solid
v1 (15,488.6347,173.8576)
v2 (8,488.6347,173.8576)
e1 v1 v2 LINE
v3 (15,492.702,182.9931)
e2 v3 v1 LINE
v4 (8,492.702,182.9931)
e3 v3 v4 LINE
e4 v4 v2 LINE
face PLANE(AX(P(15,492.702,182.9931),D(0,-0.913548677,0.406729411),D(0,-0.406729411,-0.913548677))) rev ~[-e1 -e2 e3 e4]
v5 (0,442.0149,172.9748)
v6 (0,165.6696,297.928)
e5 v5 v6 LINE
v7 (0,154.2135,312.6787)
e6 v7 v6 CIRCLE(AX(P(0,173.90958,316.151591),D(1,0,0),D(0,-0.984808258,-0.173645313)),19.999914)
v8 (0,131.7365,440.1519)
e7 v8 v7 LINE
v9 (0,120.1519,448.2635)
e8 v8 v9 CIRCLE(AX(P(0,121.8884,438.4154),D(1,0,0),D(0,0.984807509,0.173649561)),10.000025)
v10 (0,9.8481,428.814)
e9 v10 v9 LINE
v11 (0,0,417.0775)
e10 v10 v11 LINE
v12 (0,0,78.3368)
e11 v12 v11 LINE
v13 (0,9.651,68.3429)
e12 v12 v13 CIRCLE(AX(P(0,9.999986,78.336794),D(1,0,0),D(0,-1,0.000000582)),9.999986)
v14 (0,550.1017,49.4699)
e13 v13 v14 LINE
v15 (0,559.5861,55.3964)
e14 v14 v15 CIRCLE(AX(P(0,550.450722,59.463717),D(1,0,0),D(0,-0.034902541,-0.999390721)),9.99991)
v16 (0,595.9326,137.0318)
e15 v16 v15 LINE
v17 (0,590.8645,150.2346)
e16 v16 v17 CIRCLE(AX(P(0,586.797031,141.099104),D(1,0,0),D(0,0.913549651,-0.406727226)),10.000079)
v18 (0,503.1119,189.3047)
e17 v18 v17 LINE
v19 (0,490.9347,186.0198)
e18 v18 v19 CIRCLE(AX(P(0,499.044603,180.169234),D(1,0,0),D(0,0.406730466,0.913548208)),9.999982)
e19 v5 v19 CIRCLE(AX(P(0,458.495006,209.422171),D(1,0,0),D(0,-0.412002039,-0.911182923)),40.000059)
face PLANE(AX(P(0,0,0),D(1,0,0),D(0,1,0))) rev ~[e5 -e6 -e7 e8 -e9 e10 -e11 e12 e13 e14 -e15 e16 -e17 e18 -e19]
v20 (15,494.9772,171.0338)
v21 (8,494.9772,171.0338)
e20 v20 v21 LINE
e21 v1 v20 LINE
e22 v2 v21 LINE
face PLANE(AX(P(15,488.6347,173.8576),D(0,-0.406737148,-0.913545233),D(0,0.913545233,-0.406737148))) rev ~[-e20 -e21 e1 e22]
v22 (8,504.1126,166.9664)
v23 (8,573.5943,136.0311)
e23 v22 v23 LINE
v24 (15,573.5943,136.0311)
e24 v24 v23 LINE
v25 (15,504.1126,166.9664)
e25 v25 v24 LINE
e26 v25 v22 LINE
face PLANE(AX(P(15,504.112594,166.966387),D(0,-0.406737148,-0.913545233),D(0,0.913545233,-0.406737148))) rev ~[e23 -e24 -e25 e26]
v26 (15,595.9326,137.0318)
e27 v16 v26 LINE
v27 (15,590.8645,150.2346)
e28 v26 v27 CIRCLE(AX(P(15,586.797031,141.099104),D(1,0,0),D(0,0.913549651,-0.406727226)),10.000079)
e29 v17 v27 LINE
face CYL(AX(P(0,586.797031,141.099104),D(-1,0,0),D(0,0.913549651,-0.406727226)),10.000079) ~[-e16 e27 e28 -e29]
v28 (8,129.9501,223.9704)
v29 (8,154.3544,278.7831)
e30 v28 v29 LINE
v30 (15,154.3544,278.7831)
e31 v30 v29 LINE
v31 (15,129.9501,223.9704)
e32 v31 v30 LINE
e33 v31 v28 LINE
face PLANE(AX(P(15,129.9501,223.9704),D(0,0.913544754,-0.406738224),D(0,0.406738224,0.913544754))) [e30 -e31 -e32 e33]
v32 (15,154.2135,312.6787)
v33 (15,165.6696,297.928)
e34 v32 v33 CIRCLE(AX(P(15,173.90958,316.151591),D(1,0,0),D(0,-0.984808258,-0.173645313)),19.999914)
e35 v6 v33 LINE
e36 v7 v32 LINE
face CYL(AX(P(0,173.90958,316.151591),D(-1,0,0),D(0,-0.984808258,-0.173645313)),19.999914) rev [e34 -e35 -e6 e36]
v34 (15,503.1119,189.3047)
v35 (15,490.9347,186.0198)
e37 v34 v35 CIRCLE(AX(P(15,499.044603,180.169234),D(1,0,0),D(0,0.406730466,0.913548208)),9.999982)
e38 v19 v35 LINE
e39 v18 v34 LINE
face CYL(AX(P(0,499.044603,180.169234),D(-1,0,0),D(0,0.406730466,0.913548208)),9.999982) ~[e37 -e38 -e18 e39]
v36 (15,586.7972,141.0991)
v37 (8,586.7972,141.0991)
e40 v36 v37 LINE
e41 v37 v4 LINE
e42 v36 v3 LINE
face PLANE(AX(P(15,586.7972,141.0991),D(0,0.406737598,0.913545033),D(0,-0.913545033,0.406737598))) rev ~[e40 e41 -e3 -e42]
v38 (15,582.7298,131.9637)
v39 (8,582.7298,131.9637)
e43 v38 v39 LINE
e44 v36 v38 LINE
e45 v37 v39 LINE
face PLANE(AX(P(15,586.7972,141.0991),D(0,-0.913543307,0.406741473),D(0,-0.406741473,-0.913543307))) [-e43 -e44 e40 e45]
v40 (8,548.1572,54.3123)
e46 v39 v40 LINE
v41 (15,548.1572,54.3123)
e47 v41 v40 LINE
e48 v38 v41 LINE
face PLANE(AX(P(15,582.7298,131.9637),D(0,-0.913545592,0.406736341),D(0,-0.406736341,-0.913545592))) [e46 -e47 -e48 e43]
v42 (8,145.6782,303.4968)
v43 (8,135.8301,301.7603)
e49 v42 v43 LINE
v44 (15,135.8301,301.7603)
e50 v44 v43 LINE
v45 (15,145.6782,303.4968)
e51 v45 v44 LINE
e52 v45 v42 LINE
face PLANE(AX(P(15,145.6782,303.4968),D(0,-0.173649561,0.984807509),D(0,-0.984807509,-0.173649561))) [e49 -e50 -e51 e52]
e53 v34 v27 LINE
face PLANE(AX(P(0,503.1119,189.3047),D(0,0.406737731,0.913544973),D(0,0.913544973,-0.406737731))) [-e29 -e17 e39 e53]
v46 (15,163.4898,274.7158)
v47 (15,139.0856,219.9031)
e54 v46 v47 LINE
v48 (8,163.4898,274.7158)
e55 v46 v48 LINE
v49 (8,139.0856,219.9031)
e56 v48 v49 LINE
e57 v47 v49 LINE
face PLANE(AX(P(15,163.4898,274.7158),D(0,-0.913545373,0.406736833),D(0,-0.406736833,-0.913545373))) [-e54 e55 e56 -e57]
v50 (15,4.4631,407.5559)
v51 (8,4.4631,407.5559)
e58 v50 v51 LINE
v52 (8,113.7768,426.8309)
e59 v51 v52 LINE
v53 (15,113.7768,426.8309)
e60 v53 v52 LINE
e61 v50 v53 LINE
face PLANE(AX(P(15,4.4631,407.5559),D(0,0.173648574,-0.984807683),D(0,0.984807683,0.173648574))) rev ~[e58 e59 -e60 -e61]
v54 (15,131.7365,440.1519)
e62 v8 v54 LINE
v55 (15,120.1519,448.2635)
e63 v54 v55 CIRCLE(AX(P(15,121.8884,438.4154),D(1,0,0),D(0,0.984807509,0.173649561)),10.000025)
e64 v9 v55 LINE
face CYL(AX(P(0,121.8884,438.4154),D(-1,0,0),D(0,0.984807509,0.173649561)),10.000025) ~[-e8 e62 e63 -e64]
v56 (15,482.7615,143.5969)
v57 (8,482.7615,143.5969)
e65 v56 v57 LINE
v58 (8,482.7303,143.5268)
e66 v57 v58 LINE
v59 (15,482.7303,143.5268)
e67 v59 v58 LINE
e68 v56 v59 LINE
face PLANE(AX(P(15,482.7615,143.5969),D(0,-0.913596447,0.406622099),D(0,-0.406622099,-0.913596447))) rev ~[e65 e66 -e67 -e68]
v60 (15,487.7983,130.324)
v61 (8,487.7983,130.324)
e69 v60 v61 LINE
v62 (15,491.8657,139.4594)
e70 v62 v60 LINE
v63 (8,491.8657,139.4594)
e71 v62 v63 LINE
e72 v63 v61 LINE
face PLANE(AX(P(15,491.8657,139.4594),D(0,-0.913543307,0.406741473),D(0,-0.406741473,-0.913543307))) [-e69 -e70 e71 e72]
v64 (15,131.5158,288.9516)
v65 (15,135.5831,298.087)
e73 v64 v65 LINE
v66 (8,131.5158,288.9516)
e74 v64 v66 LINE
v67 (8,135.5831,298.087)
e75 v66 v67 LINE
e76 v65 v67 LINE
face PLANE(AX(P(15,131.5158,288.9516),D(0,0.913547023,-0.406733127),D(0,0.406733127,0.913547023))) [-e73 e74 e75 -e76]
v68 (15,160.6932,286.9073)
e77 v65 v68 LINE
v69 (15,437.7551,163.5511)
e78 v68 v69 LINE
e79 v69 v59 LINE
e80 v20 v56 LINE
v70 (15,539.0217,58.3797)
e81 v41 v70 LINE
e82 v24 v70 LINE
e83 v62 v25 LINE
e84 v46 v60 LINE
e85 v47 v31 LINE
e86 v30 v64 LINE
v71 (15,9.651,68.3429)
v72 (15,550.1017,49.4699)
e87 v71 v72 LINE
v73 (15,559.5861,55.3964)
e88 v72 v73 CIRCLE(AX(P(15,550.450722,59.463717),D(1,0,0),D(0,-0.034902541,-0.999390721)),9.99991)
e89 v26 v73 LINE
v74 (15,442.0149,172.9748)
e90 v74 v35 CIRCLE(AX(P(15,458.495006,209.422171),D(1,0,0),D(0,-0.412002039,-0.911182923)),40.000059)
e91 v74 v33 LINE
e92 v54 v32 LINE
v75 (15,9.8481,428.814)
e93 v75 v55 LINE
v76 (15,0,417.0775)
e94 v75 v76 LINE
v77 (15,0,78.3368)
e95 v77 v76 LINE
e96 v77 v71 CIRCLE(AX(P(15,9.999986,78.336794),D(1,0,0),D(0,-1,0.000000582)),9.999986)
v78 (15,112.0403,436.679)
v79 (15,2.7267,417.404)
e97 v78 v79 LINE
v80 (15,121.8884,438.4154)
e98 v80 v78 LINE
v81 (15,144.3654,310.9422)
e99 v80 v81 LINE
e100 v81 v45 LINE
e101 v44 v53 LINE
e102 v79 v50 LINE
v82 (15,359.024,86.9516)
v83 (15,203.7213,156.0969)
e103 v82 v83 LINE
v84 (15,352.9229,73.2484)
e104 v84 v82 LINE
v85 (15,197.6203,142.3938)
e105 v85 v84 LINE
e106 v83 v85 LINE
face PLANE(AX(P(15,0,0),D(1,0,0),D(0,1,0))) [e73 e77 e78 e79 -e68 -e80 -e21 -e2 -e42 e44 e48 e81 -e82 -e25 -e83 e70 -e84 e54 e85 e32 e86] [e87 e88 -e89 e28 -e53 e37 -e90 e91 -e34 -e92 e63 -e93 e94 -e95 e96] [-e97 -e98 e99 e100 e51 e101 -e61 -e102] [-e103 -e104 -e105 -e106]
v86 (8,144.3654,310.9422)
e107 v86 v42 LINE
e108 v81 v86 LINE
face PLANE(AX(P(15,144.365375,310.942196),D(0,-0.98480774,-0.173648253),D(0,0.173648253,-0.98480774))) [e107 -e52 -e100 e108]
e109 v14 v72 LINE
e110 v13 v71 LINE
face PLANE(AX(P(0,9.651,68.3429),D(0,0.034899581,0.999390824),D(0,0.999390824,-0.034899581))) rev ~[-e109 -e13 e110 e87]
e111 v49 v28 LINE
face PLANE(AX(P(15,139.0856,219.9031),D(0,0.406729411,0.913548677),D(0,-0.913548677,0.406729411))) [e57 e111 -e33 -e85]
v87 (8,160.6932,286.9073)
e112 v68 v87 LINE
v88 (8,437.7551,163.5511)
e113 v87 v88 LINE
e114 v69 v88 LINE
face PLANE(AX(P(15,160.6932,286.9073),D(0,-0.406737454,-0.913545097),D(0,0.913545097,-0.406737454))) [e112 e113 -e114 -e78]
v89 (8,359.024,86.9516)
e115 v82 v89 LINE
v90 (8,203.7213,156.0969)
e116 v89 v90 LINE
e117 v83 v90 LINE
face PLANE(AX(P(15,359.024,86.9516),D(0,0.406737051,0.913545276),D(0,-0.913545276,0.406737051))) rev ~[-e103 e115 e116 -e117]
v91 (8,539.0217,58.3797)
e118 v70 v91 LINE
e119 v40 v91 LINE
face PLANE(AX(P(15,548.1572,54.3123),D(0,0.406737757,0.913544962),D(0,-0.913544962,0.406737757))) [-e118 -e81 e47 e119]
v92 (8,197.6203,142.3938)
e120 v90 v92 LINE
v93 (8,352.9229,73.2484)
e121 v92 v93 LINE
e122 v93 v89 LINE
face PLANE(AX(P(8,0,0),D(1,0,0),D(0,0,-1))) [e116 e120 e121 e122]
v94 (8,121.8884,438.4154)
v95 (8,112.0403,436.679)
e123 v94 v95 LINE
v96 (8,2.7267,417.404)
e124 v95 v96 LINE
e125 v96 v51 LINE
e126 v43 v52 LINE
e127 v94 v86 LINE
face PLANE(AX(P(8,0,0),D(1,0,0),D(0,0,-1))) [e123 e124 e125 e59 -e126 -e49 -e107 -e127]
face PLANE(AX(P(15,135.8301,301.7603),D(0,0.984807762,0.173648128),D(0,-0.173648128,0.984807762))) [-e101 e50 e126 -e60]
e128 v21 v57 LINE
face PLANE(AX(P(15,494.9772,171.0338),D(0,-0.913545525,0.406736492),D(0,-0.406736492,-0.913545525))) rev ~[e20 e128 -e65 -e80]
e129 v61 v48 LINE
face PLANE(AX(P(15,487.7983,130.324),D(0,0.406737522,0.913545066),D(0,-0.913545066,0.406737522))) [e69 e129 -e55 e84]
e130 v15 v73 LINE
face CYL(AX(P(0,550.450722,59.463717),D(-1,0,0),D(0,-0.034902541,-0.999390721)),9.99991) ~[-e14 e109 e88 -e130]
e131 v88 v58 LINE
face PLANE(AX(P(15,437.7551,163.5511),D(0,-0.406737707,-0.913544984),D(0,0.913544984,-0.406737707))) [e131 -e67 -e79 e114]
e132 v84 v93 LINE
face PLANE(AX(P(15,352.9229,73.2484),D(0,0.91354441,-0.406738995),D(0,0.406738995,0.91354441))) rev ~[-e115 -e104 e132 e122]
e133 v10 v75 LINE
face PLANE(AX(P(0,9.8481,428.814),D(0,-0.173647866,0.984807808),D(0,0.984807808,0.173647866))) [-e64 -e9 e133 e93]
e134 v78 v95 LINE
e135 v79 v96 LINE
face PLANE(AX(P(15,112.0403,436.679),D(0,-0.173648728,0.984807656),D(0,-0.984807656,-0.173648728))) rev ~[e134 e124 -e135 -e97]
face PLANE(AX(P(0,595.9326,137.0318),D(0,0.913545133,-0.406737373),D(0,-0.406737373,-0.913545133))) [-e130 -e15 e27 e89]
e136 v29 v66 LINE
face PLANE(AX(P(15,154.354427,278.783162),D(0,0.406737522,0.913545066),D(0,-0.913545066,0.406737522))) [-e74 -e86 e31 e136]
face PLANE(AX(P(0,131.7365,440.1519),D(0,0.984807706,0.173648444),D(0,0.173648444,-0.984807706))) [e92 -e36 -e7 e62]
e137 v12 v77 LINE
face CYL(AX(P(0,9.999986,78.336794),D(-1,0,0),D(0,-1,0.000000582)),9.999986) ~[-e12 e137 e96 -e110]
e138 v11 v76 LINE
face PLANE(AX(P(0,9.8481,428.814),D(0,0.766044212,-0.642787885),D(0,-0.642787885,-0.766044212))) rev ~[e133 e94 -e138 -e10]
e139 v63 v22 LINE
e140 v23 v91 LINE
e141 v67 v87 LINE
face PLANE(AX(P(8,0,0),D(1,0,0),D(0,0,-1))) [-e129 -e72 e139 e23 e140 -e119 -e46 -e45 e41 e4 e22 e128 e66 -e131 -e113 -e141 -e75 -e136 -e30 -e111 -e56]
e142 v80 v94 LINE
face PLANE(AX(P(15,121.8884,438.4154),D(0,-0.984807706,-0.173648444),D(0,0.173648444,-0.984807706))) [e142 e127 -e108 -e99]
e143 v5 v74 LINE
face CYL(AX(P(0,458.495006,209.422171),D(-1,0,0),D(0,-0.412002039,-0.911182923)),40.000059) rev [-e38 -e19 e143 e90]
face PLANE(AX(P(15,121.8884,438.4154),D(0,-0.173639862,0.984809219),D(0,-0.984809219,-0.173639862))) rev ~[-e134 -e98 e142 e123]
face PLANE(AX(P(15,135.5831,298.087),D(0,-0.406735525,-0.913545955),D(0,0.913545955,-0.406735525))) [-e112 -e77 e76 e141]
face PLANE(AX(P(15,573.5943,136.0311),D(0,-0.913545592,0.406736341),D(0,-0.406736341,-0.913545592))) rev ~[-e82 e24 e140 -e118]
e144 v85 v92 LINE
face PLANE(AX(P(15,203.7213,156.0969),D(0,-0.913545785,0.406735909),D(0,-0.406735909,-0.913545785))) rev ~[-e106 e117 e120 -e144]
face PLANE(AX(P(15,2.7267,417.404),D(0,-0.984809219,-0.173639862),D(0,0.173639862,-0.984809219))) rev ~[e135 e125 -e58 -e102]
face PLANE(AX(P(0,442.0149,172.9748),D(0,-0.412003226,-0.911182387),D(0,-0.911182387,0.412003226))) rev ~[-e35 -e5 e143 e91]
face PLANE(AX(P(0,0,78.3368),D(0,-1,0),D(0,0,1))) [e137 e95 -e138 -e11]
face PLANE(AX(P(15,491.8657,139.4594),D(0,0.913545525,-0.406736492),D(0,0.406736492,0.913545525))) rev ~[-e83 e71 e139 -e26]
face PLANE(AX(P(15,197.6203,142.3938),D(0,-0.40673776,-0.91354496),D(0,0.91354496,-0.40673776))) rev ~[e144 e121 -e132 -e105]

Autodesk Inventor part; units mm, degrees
ref_plane "YZ Plane" through (0, 0, 0) normal (1, 0, 0) x (0, 1, 0)
ref_plane "XZ Plane" through (0, 0, 0) normal (0, 1, 0) x (-1, 0, 0)
ref_plane "XY Plane" through (0, 0, 0) normal (0, 0, 1) x (1, 0, 0)
sketch "Sketch1" plane through (0, 0, 0) normal (1, 0, 0) x (0, 1, 0)
  line L0 (0, 78.3368) -> (0, 427.0775)
  line L1 (9.8481, 428.814) -> (120.1519, 448.2635)
  line L2 (131.7365, 440.1519) -> (154.2135, 312.6787)
  line L3 (503.1119, 189.3047) -> (590.8645, 150.2346)
  line L4 (595.9326, 137.0318) -> (559.5861, 55.3964)
  line L5 (494.9423, 192.942) -> (494.9423, 192.942)
  line L6 (442.0149, 172.9748) -> (165.6696, 297.928)
  arc A0 (442.0149, 172.9748) -> (490.9347, 186.0198) centre (458.495, 209.4221) ccw
  arc A1 (154.2135, 312.6787) -> (165.6696, 297.928) centre (173.9096, 316.1516) ccw
  arc A2 (131.7365, 440.1519) -> (120.1519, 448.2635) centre (121.8884, 438.4154) ccw
  line L7 (9.8481, 428.814) -> (0, 417.0775)
  arc A3 (595.9326, 137.0318) -> (590.8645, 150.2346) centre (586.7972, 141.0991) ccw
  arc A4 (503.1119, 189.3047) -> (490.9347, 186.0198) centre (499.0446, 180.1692) ccw
  line L8 (9.651, 68.3429) -> (550.1017, 49.4699)
  arc A5 (550.1017, 49.4699) -> (559.5861, 55.3964) centre (550.4507, 59.4638) ccw
  arc A6 (0, 78.3368) -> (9.651, 68.3429) centre (10, 78.3368) ccw
  line L9 (0, 417.0775) -> (0, 78.3368)
  point P0 (534.922, 0)
  point P1 (130, 450)
  point P2 (156.0472, 302.2788)
  point P3 (600, 146.1672)
  point P4 (478.4622, 156.4947)
  point P5 (0, 427.0775)
  point P6 (0, 28.3368)
  dimension "d0" = 130
  dimension "d1" = 404.922
  dimension "d3" = 150
  dimension "d4" = 160
  dimension "d5" = 115
  dimension "d13" = 40
  dimension "d14" = 40
  dimension "d15" = 20
  dimension "d16" = 10
  dimension "d17" = 10
  dimension "d18" = 10
  dimension "d68" = 10
  dimension "d69" = 10
extrude "Extrusion1" add sketch "Sketch1" along normal blind 15
sketch "Sketch2" plane through (15, 0, 0) normal (1, 0, 0) x (0, 0, -1)
  line L0 (-172.9748, 442.0149) -> (-297.928, 165.6696) projected
  line L1 (-428.814, 9.8481) -> (-417.0775, 0) projected
  line L2 (-417.0775, 0) -> (-78.3368, 0) projected
  line L3 (-55.3964, 559.5861) -> (-137.0318, 595.9326) projected
  arc A0 (-137.0318, 595.9326) -> (-150.2346, 590.8645) centre (-141.0991, 586.7972) ccw projected
  line L4 (-150.2346, 590.8645) -> (-189.3047, 503.1119) projected
  arc A1 (-189.3047, 503.1119) -> (-186.0198, 490.9347) centre (-180.1692, 499.0446) ccw projected
  arc A2 (-172.9748, 442.0149) -> (-186.0198, 490.9347) centre (-209.4221, 458.495) ccw projected
  line L5 (-172.9748, 442.0149) -> (-297.928, 165.6696) projected
  arc A3 (-312.6787, 154.2135) -> (-297.928, 165.6696) centre (-316.1516, 173.9096) ccw projected
  line L6 (-312.6787, 154.2135) -> (-440.1519, 131.7365) projected
  arc A4 (-440.1519, 131.7365) -> (-448.2635, 120.1519) centre (-438.4154, 121.8884) ccw projected
  line L7 (-448.2635, 120.1519) -> (-428.814, 9.8481) projected
  line L8 (-438.4154, 121.8884) -> (-310.9422, 144.3654)
  line L9 (-286.9073, 160.6932) -> (-163.5511, 437.7551)
  line L10 (-163.5511, 437.7551) -> (-143.4328, 482.9414)
  line L11 (-143.4328, 482.9414) -> (-139.4594, 491.8657)
  line L12 (-139.4594, 491.8657) -> (-130.324, 487.7983)
  line L13 (-130.324, 487.7983) -> (-288.9516, 131.5158)
  line L14 (-288.9516, 131.5158) -> (-298.087, 135.5831)
  line L15 (-298.087, 135.5831) -> (-286.9073, 160.6932)
  line L16 (-428.814, 9.8481) -> (-417.0775, 0) projected
  line L17 (-143.5969, 482.7615) -> (-143.5268, 482.7303)
  line L18 (-438.4154, 121.8884) -> (-303.4968, 145.6782)
  line L19 (-303.4968, 145.6782) -> (-301.7603, 135.8301)
  line L20 (-301.7603, 135.8301) -> (-436.679, 112.0403)
  line L21 (-438.4154, 121.8884) -> (-436.679, 112.0403)
  line L22 (-436.679, 112.0403) -> (-417.404, 2.7267)
  line L23 (-436.679, 112.0403) -> (-325.679, 112.0403) construction
  line L24 (-417.404, 2.7267) -> (-407.5559, 4.4631)
  line L25 (-407.5559, 4.4631) -> (-426.8309, 113.7768)
  line L26 (-141.0991, 586.7972) -> (-182.9931, 492.702)
  line L27 (-182.9931, 492.702) -> (-173.8576, 488.6347)
  line L28 (-173.8576, 488.6347) -> (-131.9637, 582.7298)
  line L29 (-139.4594, 491.8657) -> (-166.9664, 504.1126)
  line L30 (-139.4594, 491.8657) -> (-109.3492, 491.8657) construction
  line L31 (-166.9664, 504.1126) -> (-171.0338, 494.9772)
  line L32 (-171.0338, 494.9772) -> (-143.5268, 482.7303)
  line L33 (-141.0991, 586.7972) -> (-131.9637, 582.7298)
  line L34 (-131.9637, 582.7298) -> (3.0363, 582.7298) construction
  line L35 (-12.7024, 518.6849) -> (487.2976, 518.6849) construction
  line L36 (-288.9516, 131.5158) -> (-274.7158, 163.4898)
  line L37 (-274.7158, 163.4898) -> (-219.9031, 139.0856)
  line L38 (-219.9031, 139.0856) -> (-223.9704, 129.9501)
  line L39 (-223.9704, 129.9501) -> (-278.7831, 154.3544)
  line L40 (-68.3429, 9.651) -> (-49.4699, 550.1017) projected
  arc A5 (-49.4699, 550.1017) -> (-55.3964, 559.5861) centre (-59.4638, 550.4507) ccw projected
  arc A6 (-78.3368, 0) -> (-68.3429, 9.651) centre (-78.3368, 10) ccw projected
  line L41 (-131.9637, 582.7298) -> (-54.3123, 548.1572)
  line L42 (-131.9637, 582.7298) -> (-46.9637, 582.7298) construction
  line L43 (-54.3123, 548.1572) -> (-58.3797, 539.0217)
  line L44 (-136.0311, 573.5943) -> (-58.3797, 539.0217)
  line L45 (-170.9977, 396.4438) -> (-86.9516, 359.024)
  line L46 (-86.9516, 359.024) -> (-156.0969, 203.7213)
  line L47 (-156.0969, 203.7213) -> (-142.3938, 197.6203)
  line L48 (-142.3938, 197.6203) -> (-73.2484, 352.9229)
  line L49 (-73.2484, 352.9229) -> (-86.9516, 359.024)
  point P0 (0, 0)
  dimension "d25" = 10
  dimension "d26" = 390
  dimension "d27" = 10
  dimension "d37" = 137
  dimension "d38" = 111
  dimension "d39" = 80
  dimension "d40" = 10
  dimension "d41" = 90
  dimension "d42" = 90
  dimension "d43" = 103
  dimension "d44" = 10
  dimension "d45" = 90
  dimension "d46" = 156
  dimension "d60" = 35
  dimension "d61" = 60
  dimension "d62" = 90
  dimension "d63" = 10
  dimension "d64" = 90
  dimension "d65" = 90
  dimension "d70" = 85
  dimension "d71" = 24
  dimension "d72" = 92
  dimension "d73" = 100
  dimension "d74" = 170
  dimension "d75" = 15
extrude "Extrusion2" cut sketch "Sketch2" against normal blind 7 contours L8 L18 L19 L20 L21 | L20 L25 L24 L22 | L49 L48 L47 L46 | L9 L10 L11 L12 L13 L14 L15 | L17 L32 L28 L29 L11 L10 | L13 L37 L38 L39 | L28 L27 L26 L33 | L28 L41 L43 L44
equation "\"d18\" = d17"
properties part number "Arcade_Left"
